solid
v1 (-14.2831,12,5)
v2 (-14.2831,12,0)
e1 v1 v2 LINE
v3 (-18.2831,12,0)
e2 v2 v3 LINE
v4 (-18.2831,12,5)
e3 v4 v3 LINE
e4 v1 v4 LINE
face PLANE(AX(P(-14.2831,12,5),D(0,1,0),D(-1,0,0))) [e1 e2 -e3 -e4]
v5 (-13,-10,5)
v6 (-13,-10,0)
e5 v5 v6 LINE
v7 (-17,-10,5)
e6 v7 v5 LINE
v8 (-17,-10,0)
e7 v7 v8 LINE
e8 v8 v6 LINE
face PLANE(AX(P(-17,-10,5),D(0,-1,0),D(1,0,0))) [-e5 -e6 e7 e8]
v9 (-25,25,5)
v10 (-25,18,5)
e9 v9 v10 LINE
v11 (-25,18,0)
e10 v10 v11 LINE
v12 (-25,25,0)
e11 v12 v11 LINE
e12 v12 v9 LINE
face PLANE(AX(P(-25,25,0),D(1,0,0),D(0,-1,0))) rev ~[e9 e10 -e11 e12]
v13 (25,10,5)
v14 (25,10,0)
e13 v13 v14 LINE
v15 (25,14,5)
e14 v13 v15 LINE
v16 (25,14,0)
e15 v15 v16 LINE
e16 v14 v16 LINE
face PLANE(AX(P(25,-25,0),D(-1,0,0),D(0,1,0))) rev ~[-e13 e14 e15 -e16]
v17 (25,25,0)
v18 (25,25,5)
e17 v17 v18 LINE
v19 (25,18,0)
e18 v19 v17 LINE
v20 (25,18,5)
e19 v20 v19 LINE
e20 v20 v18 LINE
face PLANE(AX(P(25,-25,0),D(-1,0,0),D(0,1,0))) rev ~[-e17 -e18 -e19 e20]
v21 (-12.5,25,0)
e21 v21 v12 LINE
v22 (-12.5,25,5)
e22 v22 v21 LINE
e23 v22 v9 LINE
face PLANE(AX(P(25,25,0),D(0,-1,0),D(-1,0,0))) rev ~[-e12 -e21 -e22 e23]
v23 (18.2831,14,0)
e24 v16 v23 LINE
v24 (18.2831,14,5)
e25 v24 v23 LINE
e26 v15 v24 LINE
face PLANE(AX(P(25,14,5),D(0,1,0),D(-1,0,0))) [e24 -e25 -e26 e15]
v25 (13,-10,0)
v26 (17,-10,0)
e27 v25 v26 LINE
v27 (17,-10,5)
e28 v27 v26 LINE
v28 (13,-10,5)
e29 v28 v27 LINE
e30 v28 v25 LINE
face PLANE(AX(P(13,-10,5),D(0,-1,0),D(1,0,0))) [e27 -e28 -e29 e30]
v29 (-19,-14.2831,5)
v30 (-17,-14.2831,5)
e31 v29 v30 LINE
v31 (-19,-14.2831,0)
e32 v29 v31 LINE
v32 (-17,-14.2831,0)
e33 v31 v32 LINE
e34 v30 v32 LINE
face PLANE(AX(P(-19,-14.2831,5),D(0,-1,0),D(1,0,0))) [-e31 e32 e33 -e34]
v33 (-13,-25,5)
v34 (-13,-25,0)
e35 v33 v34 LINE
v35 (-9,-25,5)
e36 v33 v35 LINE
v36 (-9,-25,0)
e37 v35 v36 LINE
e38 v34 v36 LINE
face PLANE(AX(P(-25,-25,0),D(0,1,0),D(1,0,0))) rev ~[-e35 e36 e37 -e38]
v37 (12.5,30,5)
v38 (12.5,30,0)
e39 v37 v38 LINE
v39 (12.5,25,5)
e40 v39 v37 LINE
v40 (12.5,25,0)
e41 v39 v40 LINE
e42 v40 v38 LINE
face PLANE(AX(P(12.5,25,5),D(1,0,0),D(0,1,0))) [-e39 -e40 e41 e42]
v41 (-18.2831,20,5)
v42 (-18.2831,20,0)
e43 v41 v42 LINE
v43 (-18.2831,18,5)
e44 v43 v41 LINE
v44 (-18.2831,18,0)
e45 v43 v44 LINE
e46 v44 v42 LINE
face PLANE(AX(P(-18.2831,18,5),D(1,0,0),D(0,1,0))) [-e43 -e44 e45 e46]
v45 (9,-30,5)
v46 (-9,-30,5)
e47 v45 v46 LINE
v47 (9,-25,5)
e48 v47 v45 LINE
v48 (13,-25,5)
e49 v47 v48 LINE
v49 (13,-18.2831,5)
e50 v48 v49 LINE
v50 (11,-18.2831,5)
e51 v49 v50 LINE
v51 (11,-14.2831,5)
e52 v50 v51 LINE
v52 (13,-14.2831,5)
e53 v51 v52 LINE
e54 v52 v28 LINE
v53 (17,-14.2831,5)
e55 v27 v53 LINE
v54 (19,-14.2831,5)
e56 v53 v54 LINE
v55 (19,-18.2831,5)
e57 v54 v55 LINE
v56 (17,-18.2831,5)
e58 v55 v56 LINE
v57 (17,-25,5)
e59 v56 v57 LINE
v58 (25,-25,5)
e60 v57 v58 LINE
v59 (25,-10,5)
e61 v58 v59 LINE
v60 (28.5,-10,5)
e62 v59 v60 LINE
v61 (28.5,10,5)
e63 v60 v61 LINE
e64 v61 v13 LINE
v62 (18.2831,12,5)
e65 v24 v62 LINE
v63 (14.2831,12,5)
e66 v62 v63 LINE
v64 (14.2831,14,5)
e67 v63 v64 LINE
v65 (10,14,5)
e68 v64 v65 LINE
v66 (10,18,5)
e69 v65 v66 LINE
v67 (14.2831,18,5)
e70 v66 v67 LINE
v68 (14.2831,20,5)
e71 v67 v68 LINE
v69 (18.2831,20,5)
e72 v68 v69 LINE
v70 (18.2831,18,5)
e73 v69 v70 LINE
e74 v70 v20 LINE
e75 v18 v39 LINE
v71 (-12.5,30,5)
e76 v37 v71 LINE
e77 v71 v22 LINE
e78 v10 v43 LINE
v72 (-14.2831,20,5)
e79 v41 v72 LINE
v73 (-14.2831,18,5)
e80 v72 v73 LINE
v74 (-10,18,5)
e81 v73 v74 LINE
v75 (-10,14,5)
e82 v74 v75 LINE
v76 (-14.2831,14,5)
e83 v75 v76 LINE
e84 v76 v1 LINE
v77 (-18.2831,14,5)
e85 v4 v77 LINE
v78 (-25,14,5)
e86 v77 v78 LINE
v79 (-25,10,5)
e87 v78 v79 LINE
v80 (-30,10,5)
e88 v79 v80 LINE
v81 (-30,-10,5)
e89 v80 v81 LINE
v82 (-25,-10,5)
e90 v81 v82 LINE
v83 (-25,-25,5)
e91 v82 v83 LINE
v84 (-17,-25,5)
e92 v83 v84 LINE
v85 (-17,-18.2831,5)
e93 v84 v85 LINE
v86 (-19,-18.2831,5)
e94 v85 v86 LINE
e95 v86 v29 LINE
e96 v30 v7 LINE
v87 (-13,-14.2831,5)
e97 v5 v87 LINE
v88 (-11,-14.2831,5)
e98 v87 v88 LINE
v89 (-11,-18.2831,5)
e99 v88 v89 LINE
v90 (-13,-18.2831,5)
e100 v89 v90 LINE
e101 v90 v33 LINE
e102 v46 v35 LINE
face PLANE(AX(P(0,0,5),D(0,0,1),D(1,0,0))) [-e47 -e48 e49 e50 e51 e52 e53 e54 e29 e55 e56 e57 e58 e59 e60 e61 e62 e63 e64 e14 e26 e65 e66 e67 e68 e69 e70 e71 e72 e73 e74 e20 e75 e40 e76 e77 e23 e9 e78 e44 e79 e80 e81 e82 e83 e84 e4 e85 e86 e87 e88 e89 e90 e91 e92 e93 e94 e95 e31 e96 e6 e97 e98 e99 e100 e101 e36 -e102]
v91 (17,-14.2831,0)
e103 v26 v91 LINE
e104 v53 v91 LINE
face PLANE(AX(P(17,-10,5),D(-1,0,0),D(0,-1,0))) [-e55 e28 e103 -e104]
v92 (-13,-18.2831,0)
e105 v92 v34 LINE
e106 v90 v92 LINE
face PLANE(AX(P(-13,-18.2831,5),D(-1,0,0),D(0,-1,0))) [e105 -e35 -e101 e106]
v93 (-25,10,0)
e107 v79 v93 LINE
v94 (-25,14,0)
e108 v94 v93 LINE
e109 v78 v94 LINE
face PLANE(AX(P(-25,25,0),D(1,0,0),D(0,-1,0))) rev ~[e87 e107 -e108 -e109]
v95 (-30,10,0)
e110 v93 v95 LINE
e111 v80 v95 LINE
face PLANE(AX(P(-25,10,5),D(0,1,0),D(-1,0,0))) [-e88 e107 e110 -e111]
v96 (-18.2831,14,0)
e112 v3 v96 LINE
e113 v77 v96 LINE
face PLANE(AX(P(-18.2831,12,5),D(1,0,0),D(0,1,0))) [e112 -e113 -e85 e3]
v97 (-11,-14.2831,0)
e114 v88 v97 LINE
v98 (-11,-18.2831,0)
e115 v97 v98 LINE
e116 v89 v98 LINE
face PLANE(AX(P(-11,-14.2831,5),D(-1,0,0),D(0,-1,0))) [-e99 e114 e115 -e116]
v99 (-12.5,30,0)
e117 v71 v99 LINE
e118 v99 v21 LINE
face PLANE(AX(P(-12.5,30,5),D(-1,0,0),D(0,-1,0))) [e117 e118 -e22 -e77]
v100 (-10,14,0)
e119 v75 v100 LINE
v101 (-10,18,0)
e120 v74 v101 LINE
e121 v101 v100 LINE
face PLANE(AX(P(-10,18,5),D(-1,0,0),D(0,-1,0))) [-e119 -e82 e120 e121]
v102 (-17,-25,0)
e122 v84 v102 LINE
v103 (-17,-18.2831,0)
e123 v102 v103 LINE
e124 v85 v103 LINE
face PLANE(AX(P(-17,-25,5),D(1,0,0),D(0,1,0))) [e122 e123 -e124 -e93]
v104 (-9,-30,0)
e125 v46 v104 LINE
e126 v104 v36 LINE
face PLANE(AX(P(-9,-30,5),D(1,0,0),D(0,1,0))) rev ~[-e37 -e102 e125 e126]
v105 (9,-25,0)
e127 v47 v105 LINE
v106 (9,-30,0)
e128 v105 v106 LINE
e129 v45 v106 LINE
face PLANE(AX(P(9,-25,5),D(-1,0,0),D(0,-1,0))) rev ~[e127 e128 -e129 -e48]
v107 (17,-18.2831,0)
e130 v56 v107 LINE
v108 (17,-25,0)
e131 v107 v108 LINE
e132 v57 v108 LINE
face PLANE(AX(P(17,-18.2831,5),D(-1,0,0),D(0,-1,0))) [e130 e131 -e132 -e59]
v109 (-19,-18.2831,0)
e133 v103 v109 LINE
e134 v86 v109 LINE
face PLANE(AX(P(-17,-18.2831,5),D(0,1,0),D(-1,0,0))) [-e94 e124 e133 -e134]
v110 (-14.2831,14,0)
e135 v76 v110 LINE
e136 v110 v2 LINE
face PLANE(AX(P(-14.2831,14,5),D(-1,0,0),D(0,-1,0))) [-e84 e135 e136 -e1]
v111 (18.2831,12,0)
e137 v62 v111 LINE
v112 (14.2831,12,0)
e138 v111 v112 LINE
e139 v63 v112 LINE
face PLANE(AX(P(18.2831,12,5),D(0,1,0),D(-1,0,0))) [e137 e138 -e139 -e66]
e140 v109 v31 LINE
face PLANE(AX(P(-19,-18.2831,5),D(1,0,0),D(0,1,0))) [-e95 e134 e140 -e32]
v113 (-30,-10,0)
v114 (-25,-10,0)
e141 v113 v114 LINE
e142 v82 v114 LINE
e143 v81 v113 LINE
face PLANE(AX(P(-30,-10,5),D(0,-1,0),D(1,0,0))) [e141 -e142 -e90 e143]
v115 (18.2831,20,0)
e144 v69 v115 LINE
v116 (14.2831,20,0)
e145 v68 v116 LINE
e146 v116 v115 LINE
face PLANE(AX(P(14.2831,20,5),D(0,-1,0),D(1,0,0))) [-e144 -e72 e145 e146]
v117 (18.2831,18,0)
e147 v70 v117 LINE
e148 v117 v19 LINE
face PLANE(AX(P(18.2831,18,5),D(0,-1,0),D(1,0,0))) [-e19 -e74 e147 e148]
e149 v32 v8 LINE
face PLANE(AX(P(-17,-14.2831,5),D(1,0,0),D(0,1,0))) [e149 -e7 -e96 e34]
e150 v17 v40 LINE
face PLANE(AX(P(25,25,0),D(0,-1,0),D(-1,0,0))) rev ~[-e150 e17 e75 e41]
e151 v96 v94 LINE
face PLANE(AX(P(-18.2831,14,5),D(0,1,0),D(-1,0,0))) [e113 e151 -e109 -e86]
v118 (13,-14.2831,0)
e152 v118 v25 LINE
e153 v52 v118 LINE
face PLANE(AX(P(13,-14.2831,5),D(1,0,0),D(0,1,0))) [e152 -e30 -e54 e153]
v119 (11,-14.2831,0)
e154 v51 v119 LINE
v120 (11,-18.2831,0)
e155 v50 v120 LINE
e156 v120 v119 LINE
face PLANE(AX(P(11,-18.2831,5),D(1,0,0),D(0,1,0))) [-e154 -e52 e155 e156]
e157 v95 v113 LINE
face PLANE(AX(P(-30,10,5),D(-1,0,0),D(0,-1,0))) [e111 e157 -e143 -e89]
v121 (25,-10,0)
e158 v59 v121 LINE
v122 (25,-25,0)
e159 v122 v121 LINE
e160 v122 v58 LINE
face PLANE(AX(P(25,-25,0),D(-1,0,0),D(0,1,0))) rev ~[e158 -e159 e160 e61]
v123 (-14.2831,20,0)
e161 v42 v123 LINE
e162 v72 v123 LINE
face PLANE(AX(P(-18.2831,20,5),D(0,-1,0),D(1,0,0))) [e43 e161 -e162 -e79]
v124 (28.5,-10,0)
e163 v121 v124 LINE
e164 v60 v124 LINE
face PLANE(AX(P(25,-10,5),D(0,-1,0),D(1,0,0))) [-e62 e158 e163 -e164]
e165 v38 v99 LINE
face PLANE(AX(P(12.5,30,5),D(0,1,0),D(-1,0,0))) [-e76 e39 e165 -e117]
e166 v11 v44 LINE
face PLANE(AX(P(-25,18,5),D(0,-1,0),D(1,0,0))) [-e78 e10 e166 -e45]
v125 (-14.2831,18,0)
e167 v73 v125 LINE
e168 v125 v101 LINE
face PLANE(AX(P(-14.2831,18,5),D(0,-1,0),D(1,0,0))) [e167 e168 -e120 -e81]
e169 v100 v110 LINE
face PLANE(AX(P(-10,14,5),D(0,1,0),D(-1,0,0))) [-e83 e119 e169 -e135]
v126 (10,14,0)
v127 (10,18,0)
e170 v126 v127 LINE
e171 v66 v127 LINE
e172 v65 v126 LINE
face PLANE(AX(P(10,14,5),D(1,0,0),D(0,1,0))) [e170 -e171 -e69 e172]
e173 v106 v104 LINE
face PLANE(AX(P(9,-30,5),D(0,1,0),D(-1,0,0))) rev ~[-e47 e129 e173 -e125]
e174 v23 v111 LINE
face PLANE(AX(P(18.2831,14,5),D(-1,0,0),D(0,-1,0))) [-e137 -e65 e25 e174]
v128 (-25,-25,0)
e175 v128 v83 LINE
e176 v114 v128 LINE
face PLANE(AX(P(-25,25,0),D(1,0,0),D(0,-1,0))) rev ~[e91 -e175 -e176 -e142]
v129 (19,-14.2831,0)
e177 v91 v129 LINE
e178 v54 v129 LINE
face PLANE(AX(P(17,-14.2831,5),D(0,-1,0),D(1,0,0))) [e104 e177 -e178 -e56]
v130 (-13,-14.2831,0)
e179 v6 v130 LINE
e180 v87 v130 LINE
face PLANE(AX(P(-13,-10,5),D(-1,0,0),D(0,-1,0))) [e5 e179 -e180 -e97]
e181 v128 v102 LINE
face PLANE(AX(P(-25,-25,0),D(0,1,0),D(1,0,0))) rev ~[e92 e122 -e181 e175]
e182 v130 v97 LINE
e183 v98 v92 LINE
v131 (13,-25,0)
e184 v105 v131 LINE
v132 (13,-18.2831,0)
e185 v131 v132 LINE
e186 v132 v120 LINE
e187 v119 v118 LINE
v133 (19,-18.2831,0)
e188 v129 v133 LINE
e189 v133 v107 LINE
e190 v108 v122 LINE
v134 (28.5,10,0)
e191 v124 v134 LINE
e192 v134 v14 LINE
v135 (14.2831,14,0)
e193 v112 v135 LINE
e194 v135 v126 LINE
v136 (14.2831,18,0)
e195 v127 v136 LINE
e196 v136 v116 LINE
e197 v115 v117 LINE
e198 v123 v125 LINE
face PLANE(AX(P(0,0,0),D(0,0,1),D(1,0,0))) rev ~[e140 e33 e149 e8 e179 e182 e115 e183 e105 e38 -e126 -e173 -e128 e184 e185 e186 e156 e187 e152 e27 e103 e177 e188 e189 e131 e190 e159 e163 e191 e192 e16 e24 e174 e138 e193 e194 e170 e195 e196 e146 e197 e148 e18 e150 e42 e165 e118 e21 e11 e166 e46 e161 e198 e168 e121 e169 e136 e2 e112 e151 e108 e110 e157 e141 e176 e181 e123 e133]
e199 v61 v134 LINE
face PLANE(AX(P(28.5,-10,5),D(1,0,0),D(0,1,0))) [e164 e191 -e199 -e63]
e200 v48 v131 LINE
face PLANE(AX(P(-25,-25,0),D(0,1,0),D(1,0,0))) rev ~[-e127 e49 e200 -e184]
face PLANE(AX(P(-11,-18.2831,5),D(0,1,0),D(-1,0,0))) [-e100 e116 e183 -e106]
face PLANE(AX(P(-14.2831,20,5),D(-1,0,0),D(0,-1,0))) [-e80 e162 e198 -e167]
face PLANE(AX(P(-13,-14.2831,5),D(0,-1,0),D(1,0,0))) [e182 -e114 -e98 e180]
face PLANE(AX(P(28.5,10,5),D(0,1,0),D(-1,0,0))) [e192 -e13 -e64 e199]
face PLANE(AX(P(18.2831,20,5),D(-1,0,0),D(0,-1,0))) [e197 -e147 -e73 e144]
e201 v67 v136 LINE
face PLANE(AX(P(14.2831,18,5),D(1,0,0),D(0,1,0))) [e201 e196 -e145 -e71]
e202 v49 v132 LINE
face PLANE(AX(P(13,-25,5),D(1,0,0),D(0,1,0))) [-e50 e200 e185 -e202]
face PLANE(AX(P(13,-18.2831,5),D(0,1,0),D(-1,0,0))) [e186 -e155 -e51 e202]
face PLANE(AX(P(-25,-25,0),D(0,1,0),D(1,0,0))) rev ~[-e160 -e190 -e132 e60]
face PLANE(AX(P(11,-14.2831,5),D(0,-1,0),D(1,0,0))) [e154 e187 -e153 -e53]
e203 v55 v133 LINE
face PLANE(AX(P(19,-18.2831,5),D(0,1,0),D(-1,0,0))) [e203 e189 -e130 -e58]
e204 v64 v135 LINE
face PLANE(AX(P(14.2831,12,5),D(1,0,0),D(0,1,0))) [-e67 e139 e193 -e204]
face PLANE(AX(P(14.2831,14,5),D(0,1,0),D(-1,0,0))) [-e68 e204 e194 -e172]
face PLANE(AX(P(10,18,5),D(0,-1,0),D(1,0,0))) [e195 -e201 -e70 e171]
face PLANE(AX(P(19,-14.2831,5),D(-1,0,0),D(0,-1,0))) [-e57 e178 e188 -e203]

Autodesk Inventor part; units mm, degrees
ref_plane "YZ Plane" through (0, 0, 0) normal (1, 0, 0) x (0, 1, 0)
ref_plane "XZ Plane" through (0, 0, 0) normal (0, 1, 0) x (-1, 0, 0)
ref_plane "XY Plane" through (0, 0, 0) normal (0, 0, 1) x (1, 0, 0)
sketch "Sketch1" plane through (0, 0, 0) normal (0, 0, 1) x (1, 0, 0)
  line L0 (-25, -25) -> (25, -25)
  line L1 (25, -25) -> (25, 25)
  line L2 (25, 25) -> (-25, 25)
  line L3 (-25, 25) -> (-25, -25)
  line L4 (-25, -25) -> (25, 25) construction
  line L5 (25, -25) -> (-25, 25) construction
  point P0 (0, 0)
  dimension "d0" = 50
  dimension "d1" = 50
extrude "Extrusion1" add sketch "Sketch1" along normal blind 5
sketch "Sketch2" plane through (0, 0, 5) normal (0, 0, 1) x (1, 0, 0)
  line L0 (-25, -25) -> (25, -25) construction
  line L1 (25, -25) -> (25, 25) construction
  line L2 (25, 25) -> (-25, 25) construction
  line L3 (-25, 25) -> (-25, -25) construction
  line L4 (-25, -25) -> (25, -25) construction
  line L5 (-9, -25) -> (9, -25)
  line L6 (9, -25) -> (9, -30)
  line L7 (9, -30) -> (-9, -30)
  line L8 (-9, -30) -> (-9, -25)
  line L9 (-25, 10) -> (-30, 10)
  line L10 (-30, 10) -> (-30, -10)
  line L11 (-30, -10) -> (-25, -10)
  line L12 (-25, -10) -> (-25, 10)
  line L13 (25, 25) -> (-25, 25) construction
  line L14 (-12.5, 25) -> (12.5, 25)
  line L15 (12.5, 25) -> (12.5, 30)
  line L16 (12.5, 30) -> (-12.5, 30)
  line L17 (-12.5, 30) -> (-12.5, 25)
  line L18 (25, -10) -> (28.5, -10)
  line L19 (28.5, -10) -> (28.5, 10)
  line L20 (28.5, 10) -> (25, 10)
  line L21 (25, 10) -> (25, -10)
  point P0 (0, 0)
  dimension "d4" = 18
  dimension "d5" = 5
  dimension "d6" = 16
  dimension "d7" = 5
  dimension "d8" = 20
  dimension "d9" = 15
  dimension "d10" = 25
  dimension "d11" = 12.5
  dimension "d14" = 3.5
  dimension "d15" = 20
  dimension "d16" = 15
  dimension "d39" = 5
extrude "Extrusion2" add sketch "Sketch2" against normal blind 5
sketch "Sketch3" plane through (0, 0, 5) normal (0, 0, 1) x (1, 0, 0)
  line L0 (-25, -25) -> (-9, -25) construction
  line L1 (-9, -30) -> (-9, -25) construction
  line L2 (9, -30) -> (-9, -30) construction
  line L3 (9, -25) -> (9, -30) construction
  line L4 (9, -25) -> (25, -25) construction
  line L5 (25, -25) -> (25, -10) construction
  line L6 (25, -10) -> (28.5, -10) construction
  line L7 (28.5, -10) -> (28.5, 10) construction
  line L8 (28.5, 10) -> (25, 10) construction
  line L9 (25, 10) -> (25, 25) construction
  line L10 (25, 25) -> (12.5, 25) construction
  line L11 (12.5, 25) -> (12.5, 30) construction
  line L12 (12.5, 30) -> (-12.5, 30) construction
  line L13 (-12.5, 30) -> (-12.5, 25) construction
  line L14 (-12.5, 25) -> (-25, 25) construction
  line L15 (-25, 25) -> (-25, 10) construction
  line L16 (-25, 10) -> (-30, 10) construction
  line L17 (-30, 10) -> (-30, -10) construction
  line L18 (-30, -10) -> (-25, -10) construction
  line L19 (-25, -10) -> (-25, -25) construction
  line L20 (-25, 25) -> (-25, 10) construction
  line L21 (-25, 18) -> (-10, 18) construction
  line L22 (-10, 18) -> (-10, 14) construction
  line L23 (-10, 14) -> (-25, 14) construction
  line L24 (-25, 14) -> (-25, 18) construction
  line L25 (-10, 16) -> (-25, 16) construction
  line L26 (-18.2831, 12) -> (-14.2831, 12) construction
  line L27 (-14.2831, 12) -> (-14.2831, 20) construction
  line L28 (-14.2831, 20) -> (-18.2831, 20) construction
  line L29 (-18.2831, 20) -> (-18.2831, 12) construction
  line L30 (-18.2831, 12) -> (-14.2831, 20) construction
  line L31 (-14.2831, 12) -> (-18.2831, 20) construction
  line L32 (-25, 14) -> (-25, 18)
  line L33 (-25, 18) -> (-18.2831, 18)
  line L34 (-18.2831, 18) -> (-18.2831, 20)
  line L35 (-18.2831, 20) -> (-14.2831, 20)
  line L36 (-14.2831, 20) -> (-14.2831, 18)
  line L37 (-14.2831, 18) -> (-10, 18)
  line L38 (-10, 18) -> (-10, 14)
  line L39 (-10, 14) -> (-14.2831, 14)
  line L40 (-14.2831, 14) -> (-14.2831, 12)
  line L41 (-14.2831, 12) -> (-18.2831, 12)
  line L42 (-18.2831, 12) -> (-18.2831, 14)
  line L43 (-18.2831, 14) -> (-25, 14)
  line L44 (-17, -25) -> (-17, -10) construction
  line L45 (-17, -10) -> (-13, -10) construction
  line L46 (-13, -10) -> (-13, -25) construction
  line L47 (-13, -25) -> (-17, -25) construction
  line L48 (-15, -10) -> (-15, -25) construction
  line L49 (-11, -18.2831) -> (-11, -14.2831) construction
  line L50 (-11, -14.2831) -> (-19, -14.2831) construction
  line L51 (-19, -14.2831) -> (-19, -18.2831) construction
  line L52 (-19, -18.2831) -> (-11, -18.2831) construction
  line L53 (-11, -18.2831) -> (-19, -14.2831) construction
  line L54 (-11, -14.2831) -> (-19, -18.2831) construction
  line L55 (-13, -25) -> (-17, -25)
  line L56 (-17, -25) -> (-17, -18.2831)
  line L57 (-17, -18.2831) -> (-19, -18.2831)
  line L58 (-19, -18.2831) -> (-19, -14.2831)
  line L59 (-19, -14.2831) -> (-17, -14.2831)
  line L60 (-17, -14.2831) -> (-17, -10)
  line L61 (-17, -10) -> (-13, -10)
  line L62 (-13, -10) -> (-13, -14.2831)
  line L63 (-13, -14.2831) -> (-11, -14.2831)
  line L64 (-11, -14.2831) -> (-11, -18.2831)
  line L65 (-11, -18.2831) -> (-13, -18.2831)
  line L66 (-13, -18.2831) -> (-13, -25)
  line L67 (13, -10) -> (17, -10) construction
  line L68 (13, -10) -> (17, -10)
  line L69 (11, -14.2831) -> (13, -14.2831)
  line L70 (13, -14.2831) -> (13, -10)
  line L71 (17, -10) -> (17, -14.2831)
  line L72 (19, -14.2831) -> (11, -14.2831) construction
  line L73 (17, -14.2831) -> (19, -14.2831)
  line L74 (11, -14.2831) -> (11, -18.2831) construction
  line L75 (11, -18.2831) -> (11, -14.2831)
  line L76 (19, -18.2831) -> (11, -14.2831) construction
  line L77 (19, -14.2831) -> (11, -18.2831) construction
  line L78 (19, -18.2831) -> (19, -14.2831) construction
  line L79 (19, -14.2831) -> (19, -18.2831)
  line L80 (13, -25) -> (13, -10) construction
  line L81 (15, -10) -> (15, -25) construction
  line L82 (17, -10) -> (17, -25) construction
  line L83 (13, -18.2831) -> (11, -18.2831)
  line L84 (19, -18.2831) -> (17, -18.2831)
  line L85 (17, -18.2831) -> (17, -25)
  line L86 (17, -25) -> (13, -25) construction
  line L87 (17, -25) -> (13, -25)
  line L88 (13, -25) -> (13, -18.2831)
  line L89 (11, -18.2831) -> (19, -18.2831) construction
  line L90 (25, 14) -> (10, 14) construction
  line L91 (10, 14) -> (10, 18) construction
  line L92 (10, 18) -> (25, 18) construction
  line L93 (25, 18) -> (25, 14) construction
  line L94 (10, 16) -> (25, 16) construction
  line L95 (18.2831, 20) -> (14.2831, 20) construction
  line L96 (14.2831, 20) -> (14.2831, 12) construction
  line L97 (14.2831, 12) -> (18.2831, 12) construction
  line L98 (18.2831, 12) -> (18.2831, 20) construction
  line L99 (18.2831, 20) -> (14.2831, 12) construction
  line L100 (14.2831, 20) -> (18.2831, 12) construction
  line L101 (25, 18) -> (25, 14)
  line L102 (25, 14) -> (18.2831, 14)
  line L103 (18.2831, 14) -> (18.2831, 12)
  line L104 (18.2831, 12) -> (14.2831, 12)
  line L105 (14.2831, 12) -> (14.2831, 14)
  line L106 (14.2831, 14) -> (10, 14)
  line L107 (10, 14) -> (10, 18)
  line L108 (10, 18) -> (14.2831, 18)
  line L109 (14.2831, 18) -> (14.2831, 20)
  line L110 (14.2831, 20) -> (18.2831, 20)
  line L111 (18.2831, 20) -> (18.2831, 18)
  line L112 (18.2831, 18) -> (25, 18)
  point P0 (0, 0)
  point P1 (-16.2831, 16)
  point P2 (-15, -16.2831)
  point P3 (15, -16.2831)
  point P4 (16.2831, 16)
  dimension "d17" = 15
  dimension "d18" = 4
  dimension "d19" = 4
  dimension "d20" = 8
  dimension "d21" = 15
  dimension "d22" = 4
  dimension "d23" = 4
  dimension "d24" = 8
  dimension "d25" = 15
  dimension "d26" = 4
  dimension "d27" = 4
  dimension "d28" = 8
  dimension "d29" = 8
  dimension "d30" = 4
  dimension "d31" = 4
  dimension "d32" = 15
  dimension "d33" = 4
  dimension "d34" = 4
  dimension "d35" = 8
  dimension "d36" = 7
extrude "Extrusion3" cut sketch "Sketch3" against normal blind 5
properties part number "Soporte_Ducto_Rod"
